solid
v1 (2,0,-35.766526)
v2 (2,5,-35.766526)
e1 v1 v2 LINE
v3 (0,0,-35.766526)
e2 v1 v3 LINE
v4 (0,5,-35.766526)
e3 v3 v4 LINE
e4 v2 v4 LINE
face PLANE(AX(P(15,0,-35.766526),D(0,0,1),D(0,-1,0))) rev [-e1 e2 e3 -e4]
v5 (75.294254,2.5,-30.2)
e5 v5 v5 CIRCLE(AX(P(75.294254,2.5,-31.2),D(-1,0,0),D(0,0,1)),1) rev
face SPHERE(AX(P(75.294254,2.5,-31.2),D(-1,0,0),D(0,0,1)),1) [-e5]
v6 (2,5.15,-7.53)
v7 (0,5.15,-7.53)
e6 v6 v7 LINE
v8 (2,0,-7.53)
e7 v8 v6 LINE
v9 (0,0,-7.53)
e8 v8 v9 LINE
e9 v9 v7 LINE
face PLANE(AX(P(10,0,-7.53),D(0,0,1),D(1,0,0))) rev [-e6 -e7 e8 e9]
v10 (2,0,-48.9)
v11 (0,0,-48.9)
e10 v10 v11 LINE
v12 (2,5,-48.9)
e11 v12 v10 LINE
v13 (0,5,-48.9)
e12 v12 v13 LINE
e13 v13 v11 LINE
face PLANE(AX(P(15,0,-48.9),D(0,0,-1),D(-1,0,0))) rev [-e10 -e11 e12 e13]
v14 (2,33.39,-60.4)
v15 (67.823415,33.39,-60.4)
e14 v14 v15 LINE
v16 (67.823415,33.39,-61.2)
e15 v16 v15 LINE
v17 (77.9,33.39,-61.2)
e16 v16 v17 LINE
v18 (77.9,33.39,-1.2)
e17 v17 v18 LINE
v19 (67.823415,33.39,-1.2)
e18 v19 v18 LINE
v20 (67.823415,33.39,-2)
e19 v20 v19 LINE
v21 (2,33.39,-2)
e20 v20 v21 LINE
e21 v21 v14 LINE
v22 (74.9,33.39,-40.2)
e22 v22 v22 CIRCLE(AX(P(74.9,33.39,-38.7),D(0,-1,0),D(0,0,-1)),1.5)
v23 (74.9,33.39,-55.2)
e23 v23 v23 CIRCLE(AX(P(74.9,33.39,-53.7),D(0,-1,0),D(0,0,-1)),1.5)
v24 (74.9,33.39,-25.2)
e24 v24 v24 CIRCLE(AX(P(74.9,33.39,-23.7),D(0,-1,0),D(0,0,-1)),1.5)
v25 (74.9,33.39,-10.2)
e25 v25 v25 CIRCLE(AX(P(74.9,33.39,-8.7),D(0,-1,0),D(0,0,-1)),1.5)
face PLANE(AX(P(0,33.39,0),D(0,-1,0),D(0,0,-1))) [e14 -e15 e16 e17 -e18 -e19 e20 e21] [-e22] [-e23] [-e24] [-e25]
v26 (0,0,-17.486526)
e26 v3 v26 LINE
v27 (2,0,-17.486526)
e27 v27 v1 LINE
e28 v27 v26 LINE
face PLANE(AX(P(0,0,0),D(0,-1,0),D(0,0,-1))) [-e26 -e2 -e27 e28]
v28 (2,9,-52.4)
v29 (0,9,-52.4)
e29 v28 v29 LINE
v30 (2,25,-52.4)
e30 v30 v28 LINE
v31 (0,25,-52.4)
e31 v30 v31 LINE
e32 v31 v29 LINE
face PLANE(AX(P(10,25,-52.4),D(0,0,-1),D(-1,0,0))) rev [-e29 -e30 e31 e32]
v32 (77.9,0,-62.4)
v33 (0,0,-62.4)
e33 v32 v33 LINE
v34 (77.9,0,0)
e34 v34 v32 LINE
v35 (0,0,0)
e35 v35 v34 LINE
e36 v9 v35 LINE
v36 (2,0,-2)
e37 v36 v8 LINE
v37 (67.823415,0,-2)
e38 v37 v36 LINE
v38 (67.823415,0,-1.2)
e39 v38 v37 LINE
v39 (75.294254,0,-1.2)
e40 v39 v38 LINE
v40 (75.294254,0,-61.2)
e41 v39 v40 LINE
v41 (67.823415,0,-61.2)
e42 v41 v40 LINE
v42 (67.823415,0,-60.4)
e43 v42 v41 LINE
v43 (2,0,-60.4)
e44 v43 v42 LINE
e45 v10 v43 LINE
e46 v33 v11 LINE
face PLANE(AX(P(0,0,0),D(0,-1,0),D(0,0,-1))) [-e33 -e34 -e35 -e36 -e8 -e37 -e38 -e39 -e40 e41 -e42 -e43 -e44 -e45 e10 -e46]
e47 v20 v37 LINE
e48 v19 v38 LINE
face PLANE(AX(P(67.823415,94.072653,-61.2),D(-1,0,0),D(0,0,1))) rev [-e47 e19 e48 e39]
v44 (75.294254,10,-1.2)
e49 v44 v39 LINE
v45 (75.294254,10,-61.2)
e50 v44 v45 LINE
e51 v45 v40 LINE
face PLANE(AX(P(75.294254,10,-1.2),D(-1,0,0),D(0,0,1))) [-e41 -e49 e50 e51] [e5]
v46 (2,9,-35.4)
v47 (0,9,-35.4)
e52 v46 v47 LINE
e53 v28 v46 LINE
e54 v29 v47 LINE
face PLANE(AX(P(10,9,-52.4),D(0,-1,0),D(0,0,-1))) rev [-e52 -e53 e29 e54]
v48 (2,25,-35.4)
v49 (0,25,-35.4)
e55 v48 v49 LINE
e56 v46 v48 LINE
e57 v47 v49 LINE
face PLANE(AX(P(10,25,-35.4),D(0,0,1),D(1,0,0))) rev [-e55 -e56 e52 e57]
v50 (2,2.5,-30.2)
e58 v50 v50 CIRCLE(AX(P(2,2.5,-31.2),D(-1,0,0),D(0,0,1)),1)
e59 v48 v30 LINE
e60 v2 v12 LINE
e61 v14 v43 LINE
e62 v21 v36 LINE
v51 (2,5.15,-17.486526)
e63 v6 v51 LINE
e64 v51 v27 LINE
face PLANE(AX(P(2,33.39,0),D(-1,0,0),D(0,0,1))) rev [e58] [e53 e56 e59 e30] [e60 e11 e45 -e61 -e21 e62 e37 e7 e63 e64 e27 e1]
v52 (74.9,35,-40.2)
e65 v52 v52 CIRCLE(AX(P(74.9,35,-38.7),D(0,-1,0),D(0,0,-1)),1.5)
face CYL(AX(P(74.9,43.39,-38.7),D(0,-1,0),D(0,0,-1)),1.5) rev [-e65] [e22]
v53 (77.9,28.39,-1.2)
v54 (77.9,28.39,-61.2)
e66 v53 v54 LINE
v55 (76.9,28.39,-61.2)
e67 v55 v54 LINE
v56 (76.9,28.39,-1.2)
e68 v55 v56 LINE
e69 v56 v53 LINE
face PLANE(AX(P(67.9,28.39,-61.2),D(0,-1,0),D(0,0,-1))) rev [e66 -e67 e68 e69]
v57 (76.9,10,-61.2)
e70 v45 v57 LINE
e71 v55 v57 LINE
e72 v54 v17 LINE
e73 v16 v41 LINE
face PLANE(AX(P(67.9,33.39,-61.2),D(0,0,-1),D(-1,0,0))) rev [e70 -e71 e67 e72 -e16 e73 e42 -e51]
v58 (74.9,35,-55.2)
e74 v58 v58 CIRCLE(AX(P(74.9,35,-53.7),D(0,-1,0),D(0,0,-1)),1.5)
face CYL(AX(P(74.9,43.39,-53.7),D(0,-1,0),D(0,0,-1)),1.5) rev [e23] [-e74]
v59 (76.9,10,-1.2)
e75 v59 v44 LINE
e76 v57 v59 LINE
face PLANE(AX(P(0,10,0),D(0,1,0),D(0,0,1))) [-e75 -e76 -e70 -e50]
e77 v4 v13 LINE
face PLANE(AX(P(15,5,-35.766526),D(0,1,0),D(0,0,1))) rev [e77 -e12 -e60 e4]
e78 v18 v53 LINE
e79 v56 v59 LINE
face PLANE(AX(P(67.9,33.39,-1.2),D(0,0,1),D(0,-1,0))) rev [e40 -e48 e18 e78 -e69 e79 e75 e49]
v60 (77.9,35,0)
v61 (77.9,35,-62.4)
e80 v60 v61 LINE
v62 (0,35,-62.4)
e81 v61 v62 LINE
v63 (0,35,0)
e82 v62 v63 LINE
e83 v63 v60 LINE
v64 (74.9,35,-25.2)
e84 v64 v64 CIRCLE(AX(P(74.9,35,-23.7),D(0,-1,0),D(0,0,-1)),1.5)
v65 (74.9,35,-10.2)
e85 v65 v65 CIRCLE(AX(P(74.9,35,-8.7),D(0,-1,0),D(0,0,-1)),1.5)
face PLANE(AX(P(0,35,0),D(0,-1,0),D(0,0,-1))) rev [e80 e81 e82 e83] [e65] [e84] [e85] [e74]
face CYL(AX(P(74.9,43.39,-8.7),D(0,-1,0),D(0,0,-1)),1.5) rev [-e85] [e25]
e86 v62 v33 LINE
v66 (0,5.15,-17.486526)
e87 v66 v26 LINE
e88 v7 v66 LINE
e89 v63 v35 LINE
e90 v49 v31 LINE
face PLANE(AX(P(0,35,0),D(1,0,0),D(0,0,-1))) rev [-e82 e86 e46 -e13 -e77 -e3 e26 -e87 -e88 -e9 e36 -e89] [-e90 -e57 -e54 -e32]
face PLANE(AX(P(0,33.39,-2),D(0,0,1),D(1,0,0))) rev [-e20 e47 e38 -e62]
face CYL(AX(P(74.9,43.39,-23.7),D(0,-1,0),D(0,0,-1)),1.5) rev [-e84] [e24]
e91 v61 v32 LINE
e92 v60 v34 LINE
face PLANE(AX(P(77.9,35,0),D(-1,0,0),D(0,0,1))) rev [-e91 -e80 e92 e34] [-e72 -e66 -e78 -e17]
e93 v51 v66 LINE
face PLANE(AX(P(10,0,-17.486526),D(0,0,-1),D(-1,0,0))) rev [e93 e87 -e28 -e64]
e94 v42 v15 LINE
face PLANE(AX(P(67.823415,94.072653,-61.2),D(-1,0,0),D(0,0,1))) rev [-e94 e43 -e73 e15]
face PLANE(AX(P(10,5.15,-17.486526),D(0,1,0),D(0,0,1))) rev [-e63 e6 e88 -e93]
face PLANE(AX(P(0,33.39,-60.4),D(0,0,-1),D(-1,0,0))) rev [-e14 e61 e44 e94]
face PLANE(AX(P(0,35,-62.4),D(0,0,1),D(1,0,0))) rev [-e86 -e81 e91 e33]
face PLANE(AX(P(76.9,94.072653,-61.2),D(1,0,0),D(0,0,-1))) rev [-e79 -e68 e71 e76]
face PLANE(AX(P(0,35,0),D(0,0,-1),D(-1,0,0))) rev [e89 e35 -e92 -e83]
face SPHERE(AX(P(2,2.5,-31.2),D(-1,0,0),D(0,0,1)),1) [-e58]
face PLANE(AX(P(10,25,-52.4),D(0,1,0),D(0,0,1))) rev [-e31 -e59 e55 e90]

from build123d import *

# Parameters (mm, degrees)
SKETCH1_W           = 77.9
SKETCH1_H           = 62.4
BOSS_EXTRUDE1_DEPTH = 35
SKETCH4_W           = 73.9
SKETCH4_H           = 58.4
CUT_EXTRUDE1_DEPTH  = 33.39
SKETCH7_W           = 13.133474477
SKETCH7_H           = 5
CUT_EXTRUDE6_DEPTH  = 15
SKETCH11_W          = 9.956525523
SKETCH11_H          = 5.15
CUT_EXTRUDE8_DEPTH  = 10
SKETCH12_W          = 17
SKETCH12_H          = 16
CUT_EXTRUDE9_DEPTH  = 10
SKETCH14_W          = 60
SKETCH14_H          = 5
CUT_EXTRUDE10_DEPTH = 10
CUT_EXTRUDE12_START = -33.39
SKETCH16_W          = 9.076585482
SKETCH16_H          = 60
CUT_EXTRUDE12_DEPTH = 33.39
SKETCH15_R          = 1.5
CUT_EXTRUDE11_DEPTH = 10
SKETCH18_W          = 1.605745829
SKETCH18_H          = 60
BOSS_EXTRUDE2_DEPTH = 10


with BuildPart() as part:
    # Sketch1 → Boss-Extrude1 (new body)
    with BuildSketch(Plane(origin=(0, 0, 0), x_dir=(1, 0, 0), z_dir=(0, 1, 0))):
        with Locations((38.95, 31.2)):
            Rectangle(SKETCH1_W, SKETCH1_H)
    extrude(amount=BOSS_EXTRUDE1_DEPTH)

    # Sketch4 → Cut-Extrude1 (cut)
    with BuildSketch(Plane.XZ):
        with Locations((38.95, -31.2)):
            Rectangle(SKETCH4_W, SKETCH4_H)
    extrude(amount=-CUT_EXTRUDE1_DEPTH, mode=Mode.SUBTRACT)

    # Sketch7 → Cut-Extrude6 (cut)
    with BuildSketch(Plane.ZY):
        with Locations((-42.333262762, 2.5)):
            Rectangle(SKETCH7_W, SKETCH7_H)
    extrude(amount=-CUT_EXTRUDE6_DEPTH, mode=Mode.SUBTRACT)

    # Sketch11 → Cut-Extrude8 (cut)
    with BuildSketch(Plane.ZY):
        with Locations((-12.508262762, 2.575)):
            Rectangle(SKETCH11_W, SKETCH11_H)
    extrude(amount=-CUT_EXTRUDE8_DEPTH, mode=Mode.SUBTRACT)

    # Sketch12 → Cut-Extrude9 (cut)
    with BuildSketch(Plane.ZY):
        with Locations((-43.9, 17)):
            Rectangle(SKETCH12_W, SKETCH12_H)
    extrude(amount=-CUT_EXTRUDE9_DEPTH, mode=Mode.SUBTRACT)

    # Sketch14 → Cut-Extrude10 (cut)
    with BuildSketch(Plane(origin=(77.9, 0, 0), x_dir=(0, 0, -1), z_dir=(1, 0, 0))):
        with Locations((31.2, 30.89)):
            Rectangle(SKETCH14_W, SKETCH14_H)
    extrude(amount=-CUT_EXTRUDE10_DEPTH, mode=Mode.SUBTRACT)

    # Sketch16 → Cut-Extrude12 (cut)
    with BuildSketch(Plane(origin=(0, 0, 0), x_dir=(-1, 0, 0), z_dir=(0, -1, 0)).offset(CUT_EXTRUDE12_START)):
        with Locations((-72.361707259, 31.2)):
            Rectangle(SKETCH16_W, SKETCH16_H)
    extrude(amount=CUT_EXTRUDE12_DEPTH, mode=Mode.SUBTRACT)

    # Sketch15 → Cut-Extrude11 (cut)
    with BuildSketch(Plane(origin=(0, 33.39, 0), x_dir=(-1, 0, 0), z_dir=(0, -1, 0))):
        with Locations(Location((-74.9, 8.7, 0), (0, 0, 90))):
            Circle(SKETCH15_R)
        with Locations(Location((-74.9, 23.7, 0), (0, 0, 90))):
            Circle(SKETCH15_R)
        with Locations(Location((-74.9, 38.7, 0), (0, 0, 90))):
            Circle(SKETCH15_R)
        with Locations(Location((-74.9, 53.7, 0), (0, 0, 90))):
            Circle(SKETCH15_R)
    extrude(amount=-CUT_EXTRUDE11_DEPTH, mode=Mode.SUBTRACT)

    # Sketch18 → Boss-Extrude2 (add)
    with BuildSketch(Plane(origin=(0, 0, 0), x_dir=(-1, 0, 0), z_dir=(0, -1, 0))):
        with Locations((-76.097127086, 31.2)):
            Rectangle(SKETCH18_W, SKETCH18_H)
    extrude(amount=-BOSS_EXTRUDE2_DEPTH)

    # Sketch19 → Revolve2 (revolve)
    with BuildSketch(Plane.ZY.offset(-75.294254171)):
        with BuildLine():
            Line((-31.2, 3.5), (-31.2, 1.5))
            ThreePointArc((-31.2, 1.5), (-30.2, 2.5), (-31.2, 3.5))
        make_face()
    revolve(axis=Axis((75.294254171, 3.5, -31.2), (0, -1, 0)))

    # Sketch17 → Revolve4 (revolve)
    with BuildSketch(Plane.ZY.offset(-2)):
        with BuildLine():
            ThreePointArc((-31.2, 3.5), (-32.2, 2.5), (-31.2, 1.5))
            Line((-31.2, 1.5), (-31.2, 3.5))
        make_face()
    revolve(axis=Axis((2, 3.5, -31.2), (0, -1, 0)))


solid = part.part
